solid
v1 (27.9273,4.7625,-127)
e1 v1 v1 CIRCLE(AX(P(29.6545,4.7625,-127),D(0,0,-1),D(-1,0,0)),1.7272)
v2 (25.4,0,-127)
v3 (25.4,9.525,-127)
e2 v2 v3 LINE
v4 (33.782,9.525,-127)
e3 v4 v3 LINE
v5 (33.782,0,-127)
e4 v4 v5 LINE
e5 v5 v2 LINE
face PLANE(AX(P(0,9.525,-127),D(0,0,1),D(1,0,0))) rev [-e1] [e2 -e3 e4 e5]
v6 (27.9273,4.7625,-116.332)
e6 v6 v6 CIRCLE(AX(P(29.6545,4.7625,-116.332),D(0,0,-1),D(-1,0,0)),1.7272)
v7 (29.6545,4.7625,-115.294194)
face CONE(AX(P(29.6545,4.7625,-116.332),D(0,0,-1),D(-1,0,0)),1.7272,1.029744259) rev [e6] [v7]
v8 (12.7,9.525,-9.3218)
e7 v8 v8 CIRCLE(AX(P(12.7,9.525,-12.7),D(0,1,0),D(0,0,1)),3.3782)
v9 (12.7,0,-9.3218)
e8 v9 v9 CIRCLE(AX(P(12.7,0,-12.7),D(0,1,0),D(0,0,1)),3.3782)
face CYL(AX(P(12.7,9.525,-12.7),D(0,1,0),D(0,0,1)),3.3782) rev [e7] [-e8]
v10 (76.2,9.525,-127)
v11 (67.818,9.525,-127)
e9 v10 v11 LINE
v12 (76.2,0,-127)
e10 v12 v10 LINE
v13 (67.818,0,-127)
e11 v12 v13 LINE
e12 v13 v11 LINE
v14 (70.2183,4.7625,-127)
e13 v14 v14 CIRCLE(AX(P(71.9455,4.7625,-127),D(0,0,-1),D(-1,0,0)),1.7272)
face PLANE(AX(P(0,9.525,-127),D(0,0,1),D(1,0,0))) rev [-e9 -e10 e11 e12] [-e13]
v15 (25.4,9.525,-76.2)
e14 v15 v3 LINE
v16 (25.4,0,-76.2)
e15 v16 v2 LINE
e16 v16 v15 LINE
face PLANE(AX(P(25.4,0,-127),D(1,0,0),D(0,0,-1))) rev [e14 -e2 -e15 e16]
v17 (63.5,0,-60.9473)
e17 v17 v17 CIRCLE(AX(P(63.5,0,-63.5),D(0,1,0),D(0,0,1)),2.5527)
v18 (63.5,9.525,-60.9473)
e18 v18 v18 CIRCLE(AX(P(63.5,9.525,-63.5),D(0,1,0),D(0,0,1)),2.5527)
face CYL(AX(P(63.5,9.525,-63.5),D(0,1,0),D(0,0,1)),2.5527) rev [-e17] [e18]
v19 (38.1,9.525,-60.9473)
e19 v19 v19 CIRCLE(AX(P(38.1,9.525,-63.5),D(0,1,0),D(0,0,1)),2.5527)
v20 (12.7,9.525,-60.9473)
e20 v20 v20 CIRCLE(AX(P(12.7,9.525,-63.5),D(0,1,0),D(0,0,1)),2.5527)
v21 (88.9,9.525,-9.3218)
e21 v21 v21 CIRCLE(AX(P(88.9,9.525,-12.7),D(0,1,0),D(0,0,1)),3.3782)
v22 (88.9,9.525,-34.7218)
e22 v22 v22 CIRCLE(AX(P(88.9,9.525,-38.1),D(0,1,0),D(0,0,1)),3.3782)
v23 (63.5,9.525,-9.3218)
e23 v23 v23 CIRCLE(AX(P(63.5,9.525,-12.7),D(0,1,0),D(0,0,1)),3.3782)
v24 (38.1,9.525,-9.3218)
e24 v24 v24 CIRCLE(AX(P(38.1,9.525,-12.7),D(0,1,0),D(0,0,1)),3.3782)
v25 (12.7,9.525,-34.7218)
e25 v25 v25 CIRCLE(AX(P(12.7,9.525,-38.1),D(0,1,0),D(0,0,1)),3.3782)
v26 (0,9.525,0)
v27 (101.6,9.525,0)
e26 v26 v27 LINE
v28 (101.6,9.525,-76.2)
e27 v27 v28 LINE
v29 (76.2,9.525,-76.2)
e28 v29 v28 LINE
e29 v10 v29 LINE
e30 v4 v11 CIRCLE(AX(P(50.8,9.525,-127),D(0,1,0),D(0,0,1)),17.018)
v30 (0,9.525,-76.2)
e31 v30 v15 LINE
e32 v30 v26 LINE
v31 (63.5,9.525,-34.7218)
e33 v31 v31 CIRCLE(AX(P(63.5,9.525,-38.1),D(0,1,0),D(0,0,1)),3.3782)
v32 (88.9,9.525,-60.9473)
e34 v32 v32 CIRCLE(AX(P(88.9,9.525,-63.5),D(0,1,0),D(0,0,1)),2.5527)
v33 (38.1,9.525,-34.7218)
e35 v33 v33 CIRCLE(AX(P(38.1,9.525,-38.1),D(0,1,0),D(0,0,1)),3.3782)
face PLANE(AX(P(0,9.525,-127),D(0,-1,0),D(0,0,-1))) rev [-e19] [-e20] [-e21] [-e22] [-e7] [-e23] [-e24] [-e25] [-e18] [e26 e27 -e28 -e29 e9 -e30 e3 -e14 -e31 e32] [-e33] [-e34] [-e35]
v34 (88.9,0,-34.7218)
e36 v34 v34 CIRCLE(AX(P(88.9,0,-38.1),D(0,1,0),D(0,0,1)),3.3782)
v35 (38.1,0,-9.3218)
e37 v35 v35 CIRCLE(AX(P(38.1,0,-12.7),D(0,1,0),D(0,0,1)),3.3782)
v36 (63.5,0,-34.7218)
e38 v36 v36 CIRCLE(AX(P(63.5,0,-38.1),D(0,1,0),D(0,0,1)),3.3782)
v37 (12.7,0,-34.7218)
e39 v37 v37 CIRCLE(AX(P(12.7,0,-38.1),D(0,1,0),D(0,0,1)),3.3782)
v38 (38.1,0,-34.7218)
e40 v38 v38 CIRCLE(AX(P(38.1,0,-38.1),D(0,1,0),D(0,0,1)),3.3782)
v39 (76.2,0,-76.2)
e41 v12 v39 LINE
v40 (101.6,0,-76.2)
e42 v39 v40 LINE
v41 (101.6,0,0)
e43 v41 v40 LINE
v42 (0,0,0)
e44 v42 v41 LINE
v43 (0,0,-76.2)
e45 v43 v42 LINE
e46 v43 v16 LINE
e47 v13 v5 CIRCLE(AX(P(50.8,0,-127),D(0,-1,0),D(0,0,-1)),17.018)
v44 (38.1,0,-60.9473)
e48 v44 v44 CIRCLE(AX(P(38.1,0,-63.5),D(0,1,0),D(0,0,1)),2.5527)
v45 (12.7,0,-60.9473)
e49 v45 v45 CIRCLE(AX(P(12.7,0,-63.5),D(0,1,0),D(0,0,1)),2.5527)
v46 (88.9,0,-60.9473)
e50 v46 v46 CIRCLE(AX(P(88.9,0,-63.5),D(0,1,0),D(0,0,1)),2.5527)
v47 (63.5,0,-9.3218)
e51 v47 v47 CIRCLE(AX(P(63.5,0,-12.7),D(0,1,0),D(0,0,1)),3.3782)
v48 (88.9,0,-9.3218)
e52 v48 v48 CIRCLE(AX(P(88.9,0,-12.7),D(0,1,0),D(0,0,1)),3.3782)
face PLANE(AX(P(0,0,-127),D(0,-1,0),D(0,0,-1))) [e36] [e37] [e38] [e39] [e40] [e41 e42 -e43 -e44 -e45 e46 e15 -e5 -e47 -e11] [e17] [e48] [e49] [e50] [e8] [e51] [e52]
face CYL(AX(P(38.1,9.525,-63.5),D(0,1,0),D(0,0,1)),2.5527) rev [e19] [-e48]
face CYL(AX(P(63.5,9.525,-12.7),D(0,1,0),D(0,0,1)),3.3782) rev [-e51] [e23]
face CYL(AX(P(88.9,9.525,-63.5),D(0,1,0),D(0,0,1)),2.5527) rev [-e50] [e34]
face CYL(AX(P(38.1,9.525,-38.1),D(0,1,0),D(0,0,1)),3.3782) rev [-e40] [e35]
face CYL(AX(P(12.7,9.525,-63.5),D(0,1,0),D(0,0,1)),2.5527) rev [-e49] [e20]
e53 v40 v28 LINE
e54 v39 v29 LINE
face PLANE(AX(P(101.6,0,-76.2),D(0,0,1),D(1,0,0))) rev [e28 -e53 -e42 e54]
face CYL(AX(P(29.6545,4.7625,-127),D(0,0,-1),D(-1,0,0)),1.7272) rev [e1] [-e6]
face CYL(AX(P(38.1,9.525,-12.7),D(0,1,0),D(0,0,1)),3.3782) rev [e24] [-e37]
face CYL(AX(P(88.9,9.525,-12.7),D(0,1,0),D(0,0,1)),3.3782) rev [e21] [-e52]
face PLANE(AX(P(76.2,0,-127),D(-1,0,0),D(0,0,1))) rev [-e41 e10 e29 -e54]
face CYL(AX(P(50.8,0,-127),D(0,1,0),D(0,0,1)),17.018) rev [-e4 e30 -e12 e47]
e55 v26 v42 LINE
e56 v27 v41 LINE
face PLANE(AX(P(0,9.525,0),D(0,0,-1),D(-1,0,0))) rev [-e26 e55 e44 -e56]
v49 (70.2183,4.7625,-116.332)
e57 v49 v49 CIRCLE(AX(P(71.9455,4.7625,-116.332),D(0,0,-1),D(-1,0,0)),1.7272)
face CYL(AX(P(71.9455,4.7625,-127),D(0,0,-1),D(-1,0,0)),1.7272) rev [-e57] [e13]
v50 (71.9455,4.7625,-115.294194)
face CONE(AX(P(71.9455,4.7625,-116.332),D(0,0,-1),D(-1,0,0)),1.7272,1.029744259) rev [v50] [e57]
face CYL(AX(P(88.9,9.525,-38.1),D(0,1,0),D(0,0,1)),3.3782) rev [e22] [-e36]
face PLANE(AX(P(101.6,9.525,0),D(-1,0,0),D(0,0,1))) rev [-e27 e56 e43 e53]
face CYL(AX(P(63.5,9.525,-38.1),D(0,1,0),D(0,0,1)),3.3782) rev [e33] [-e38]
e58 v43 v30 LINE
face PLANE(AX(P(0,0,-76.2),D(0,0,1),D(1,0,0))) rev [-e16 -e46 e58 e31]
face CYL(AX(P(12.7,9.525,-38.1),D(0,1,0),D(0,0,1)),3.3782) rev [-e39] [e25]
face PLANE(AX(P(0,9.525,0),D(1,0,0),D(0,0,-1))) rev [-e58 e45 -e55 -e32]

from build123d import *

# Parameters (mm, degrees)
SKETCH1_W                   = 101.6
SKETCH1_H                   = 127
BOSS_EXTRUDE1_DEPTH         = 9.525
SKETCH2_R                   = 17.018
CUT_EXTRUDE1_DEPTH          = 10.525
F_1_4_CLEARANCE_HOLE1_D     = 6.7564
LPATTERN1_COUNT             = 2
LPATTERN1_PITCH             = 25.4
LPATTERN1_COUNT_DIR2        = 4
LPATTERN1_PITCH_DIR2        = 25.4
TAP_DRILL_FOR_1_4_20_TAP1_D = 5.1054
LPATTERN2_COUNT             = 4
LPATTERN2_PITCH             = 25.4
SKETCH7_W                   = 25.4
SKETCH7_H                   = 50.8
CUT_EXTRUDE2_DEPTH          = 10.525
LPATTERN3_COUNT             = 2
LPATTERN3_PITCH             = 42.291


with BuildPart() as part:
    # Sketch1 → Boss-Extrude1 (new body)
    with BuildSketch(Plane(origin=(0, 0, 0), x_dir=(1, 0, 0), z_dir=(0, 1, 0))):
        with Locations((50.8, 63.5)):
            Rectangle(SKETCH1_W, SKETCH1_H)
    extrude(amount=BOSS_EXTRUDE1_DEPTH)

    # Sketch2 → Cut-Extrude1 (cut, through all)
    with BuildSketch(Plane(origin=(0, 9.525, 0), x_dir=(1, 0, 0), z_dir=(0, 1, 0))):
        with Locations((50.8, 127)):
            Circle(SKETCH2_R)
    extrude(amount=-CUT_EXTRUDE1_DEPTH, mode=Mode.SUBTRACT)

    # 1/4 Clearance Hole1 (through all)
    with Locations(Plane(origin=(0, 9.525, 0), x_dir=(-1, 0, 0), z_dir=(0, 1, 0))):
        with Locations((-12.7, -12.7)):
            f_1_4_clearance_hole1 = Hole(F_1_4_CLEARANCE_HOLE1_D / 2)

    # LPattern1: 1_4 Clearance Hole1 2 × 4
    with Locations(*[(j * LPATTERN1_PITCH_DIR2, 0, -i * LPATTERN1_PITCH) for i in range(LPATTERN1_COUNT) for j in range(LPATTERN1_COUNT_DIR2) if (i, j) != (0, 0)]):
        add(f_1_4_clearance_hole1, mode=Mode.SUBTRACT)

    # Tap Drill for 1/4-20 Tap1 (through all)
    with Locations(Plane(origin=(0, 9.525, 0), x_dir=(-1, 0, 0), z_dir=(0, 1, 0))):
        with Locations((-12.7, -63.5)):
            tap_drill_for_1_4_20_tap1 = Hole(TAP_DRILL_FOR_1_4_20_TAP1_D / 2)

    # LPattern2: Tap Drill for 1/4-20 Tap1 ×4
    with Locations(*[(i * LPATTERN2_PITCH, 0, 0) for i in range(1, LPATTERN2_COUNT)]):
        add(tap_drill_for_1_4_20_tap1, mode=Mode.SUBTRACT)

    # Sketch7 → Cut-Extrude2 (cut, through all)
    with BuildSketch(Plane(origin=(0, 9.525, 0), x_dir=(1, 0, 0), z_dir=(0, 1, 0))):
        with Locations((12.7, 101.6)):
            Rectangle(SKETCH7_W, SKETCH7_H)
        with Locations((88.9, 101.6)):
            Rectangle(SKETCH7_W, SKETCH7_H)
    extrude(amount=-CUT_EXTRUDE2_DEPTH, mode=Mode.SUBTRACT)

    # Sketch8 → #8-32 Tapped Hole1 (revolve, cut)
    with BuildSketch(Plane(origin=(29.6545, 4.7625, -127), x_dir=(0, 1, 0), z_dir=(1, 0, 0))):
        Polygon((0, 0), (0, 11.705806461), (1.7272, 10.668), (1.7272, 0), align=None)
    f_8_32_tapped_hole1 = revolve(axis=Axis((29.6545, 4.7625, -133.35), (0, 0, 1)), mode=Mode.SUBTRACT)

    # LPattern3: #8-32 Tapped Hole1 ×2
    with Locations(*[(i * LPATTERN3_PITCH, 0, 0) for i in range(1, LPATTERN3_COUNT)]):
        add(f_8_32_tapped_hole1, mode=Mode.SUBTRACT)


solid = part.part
